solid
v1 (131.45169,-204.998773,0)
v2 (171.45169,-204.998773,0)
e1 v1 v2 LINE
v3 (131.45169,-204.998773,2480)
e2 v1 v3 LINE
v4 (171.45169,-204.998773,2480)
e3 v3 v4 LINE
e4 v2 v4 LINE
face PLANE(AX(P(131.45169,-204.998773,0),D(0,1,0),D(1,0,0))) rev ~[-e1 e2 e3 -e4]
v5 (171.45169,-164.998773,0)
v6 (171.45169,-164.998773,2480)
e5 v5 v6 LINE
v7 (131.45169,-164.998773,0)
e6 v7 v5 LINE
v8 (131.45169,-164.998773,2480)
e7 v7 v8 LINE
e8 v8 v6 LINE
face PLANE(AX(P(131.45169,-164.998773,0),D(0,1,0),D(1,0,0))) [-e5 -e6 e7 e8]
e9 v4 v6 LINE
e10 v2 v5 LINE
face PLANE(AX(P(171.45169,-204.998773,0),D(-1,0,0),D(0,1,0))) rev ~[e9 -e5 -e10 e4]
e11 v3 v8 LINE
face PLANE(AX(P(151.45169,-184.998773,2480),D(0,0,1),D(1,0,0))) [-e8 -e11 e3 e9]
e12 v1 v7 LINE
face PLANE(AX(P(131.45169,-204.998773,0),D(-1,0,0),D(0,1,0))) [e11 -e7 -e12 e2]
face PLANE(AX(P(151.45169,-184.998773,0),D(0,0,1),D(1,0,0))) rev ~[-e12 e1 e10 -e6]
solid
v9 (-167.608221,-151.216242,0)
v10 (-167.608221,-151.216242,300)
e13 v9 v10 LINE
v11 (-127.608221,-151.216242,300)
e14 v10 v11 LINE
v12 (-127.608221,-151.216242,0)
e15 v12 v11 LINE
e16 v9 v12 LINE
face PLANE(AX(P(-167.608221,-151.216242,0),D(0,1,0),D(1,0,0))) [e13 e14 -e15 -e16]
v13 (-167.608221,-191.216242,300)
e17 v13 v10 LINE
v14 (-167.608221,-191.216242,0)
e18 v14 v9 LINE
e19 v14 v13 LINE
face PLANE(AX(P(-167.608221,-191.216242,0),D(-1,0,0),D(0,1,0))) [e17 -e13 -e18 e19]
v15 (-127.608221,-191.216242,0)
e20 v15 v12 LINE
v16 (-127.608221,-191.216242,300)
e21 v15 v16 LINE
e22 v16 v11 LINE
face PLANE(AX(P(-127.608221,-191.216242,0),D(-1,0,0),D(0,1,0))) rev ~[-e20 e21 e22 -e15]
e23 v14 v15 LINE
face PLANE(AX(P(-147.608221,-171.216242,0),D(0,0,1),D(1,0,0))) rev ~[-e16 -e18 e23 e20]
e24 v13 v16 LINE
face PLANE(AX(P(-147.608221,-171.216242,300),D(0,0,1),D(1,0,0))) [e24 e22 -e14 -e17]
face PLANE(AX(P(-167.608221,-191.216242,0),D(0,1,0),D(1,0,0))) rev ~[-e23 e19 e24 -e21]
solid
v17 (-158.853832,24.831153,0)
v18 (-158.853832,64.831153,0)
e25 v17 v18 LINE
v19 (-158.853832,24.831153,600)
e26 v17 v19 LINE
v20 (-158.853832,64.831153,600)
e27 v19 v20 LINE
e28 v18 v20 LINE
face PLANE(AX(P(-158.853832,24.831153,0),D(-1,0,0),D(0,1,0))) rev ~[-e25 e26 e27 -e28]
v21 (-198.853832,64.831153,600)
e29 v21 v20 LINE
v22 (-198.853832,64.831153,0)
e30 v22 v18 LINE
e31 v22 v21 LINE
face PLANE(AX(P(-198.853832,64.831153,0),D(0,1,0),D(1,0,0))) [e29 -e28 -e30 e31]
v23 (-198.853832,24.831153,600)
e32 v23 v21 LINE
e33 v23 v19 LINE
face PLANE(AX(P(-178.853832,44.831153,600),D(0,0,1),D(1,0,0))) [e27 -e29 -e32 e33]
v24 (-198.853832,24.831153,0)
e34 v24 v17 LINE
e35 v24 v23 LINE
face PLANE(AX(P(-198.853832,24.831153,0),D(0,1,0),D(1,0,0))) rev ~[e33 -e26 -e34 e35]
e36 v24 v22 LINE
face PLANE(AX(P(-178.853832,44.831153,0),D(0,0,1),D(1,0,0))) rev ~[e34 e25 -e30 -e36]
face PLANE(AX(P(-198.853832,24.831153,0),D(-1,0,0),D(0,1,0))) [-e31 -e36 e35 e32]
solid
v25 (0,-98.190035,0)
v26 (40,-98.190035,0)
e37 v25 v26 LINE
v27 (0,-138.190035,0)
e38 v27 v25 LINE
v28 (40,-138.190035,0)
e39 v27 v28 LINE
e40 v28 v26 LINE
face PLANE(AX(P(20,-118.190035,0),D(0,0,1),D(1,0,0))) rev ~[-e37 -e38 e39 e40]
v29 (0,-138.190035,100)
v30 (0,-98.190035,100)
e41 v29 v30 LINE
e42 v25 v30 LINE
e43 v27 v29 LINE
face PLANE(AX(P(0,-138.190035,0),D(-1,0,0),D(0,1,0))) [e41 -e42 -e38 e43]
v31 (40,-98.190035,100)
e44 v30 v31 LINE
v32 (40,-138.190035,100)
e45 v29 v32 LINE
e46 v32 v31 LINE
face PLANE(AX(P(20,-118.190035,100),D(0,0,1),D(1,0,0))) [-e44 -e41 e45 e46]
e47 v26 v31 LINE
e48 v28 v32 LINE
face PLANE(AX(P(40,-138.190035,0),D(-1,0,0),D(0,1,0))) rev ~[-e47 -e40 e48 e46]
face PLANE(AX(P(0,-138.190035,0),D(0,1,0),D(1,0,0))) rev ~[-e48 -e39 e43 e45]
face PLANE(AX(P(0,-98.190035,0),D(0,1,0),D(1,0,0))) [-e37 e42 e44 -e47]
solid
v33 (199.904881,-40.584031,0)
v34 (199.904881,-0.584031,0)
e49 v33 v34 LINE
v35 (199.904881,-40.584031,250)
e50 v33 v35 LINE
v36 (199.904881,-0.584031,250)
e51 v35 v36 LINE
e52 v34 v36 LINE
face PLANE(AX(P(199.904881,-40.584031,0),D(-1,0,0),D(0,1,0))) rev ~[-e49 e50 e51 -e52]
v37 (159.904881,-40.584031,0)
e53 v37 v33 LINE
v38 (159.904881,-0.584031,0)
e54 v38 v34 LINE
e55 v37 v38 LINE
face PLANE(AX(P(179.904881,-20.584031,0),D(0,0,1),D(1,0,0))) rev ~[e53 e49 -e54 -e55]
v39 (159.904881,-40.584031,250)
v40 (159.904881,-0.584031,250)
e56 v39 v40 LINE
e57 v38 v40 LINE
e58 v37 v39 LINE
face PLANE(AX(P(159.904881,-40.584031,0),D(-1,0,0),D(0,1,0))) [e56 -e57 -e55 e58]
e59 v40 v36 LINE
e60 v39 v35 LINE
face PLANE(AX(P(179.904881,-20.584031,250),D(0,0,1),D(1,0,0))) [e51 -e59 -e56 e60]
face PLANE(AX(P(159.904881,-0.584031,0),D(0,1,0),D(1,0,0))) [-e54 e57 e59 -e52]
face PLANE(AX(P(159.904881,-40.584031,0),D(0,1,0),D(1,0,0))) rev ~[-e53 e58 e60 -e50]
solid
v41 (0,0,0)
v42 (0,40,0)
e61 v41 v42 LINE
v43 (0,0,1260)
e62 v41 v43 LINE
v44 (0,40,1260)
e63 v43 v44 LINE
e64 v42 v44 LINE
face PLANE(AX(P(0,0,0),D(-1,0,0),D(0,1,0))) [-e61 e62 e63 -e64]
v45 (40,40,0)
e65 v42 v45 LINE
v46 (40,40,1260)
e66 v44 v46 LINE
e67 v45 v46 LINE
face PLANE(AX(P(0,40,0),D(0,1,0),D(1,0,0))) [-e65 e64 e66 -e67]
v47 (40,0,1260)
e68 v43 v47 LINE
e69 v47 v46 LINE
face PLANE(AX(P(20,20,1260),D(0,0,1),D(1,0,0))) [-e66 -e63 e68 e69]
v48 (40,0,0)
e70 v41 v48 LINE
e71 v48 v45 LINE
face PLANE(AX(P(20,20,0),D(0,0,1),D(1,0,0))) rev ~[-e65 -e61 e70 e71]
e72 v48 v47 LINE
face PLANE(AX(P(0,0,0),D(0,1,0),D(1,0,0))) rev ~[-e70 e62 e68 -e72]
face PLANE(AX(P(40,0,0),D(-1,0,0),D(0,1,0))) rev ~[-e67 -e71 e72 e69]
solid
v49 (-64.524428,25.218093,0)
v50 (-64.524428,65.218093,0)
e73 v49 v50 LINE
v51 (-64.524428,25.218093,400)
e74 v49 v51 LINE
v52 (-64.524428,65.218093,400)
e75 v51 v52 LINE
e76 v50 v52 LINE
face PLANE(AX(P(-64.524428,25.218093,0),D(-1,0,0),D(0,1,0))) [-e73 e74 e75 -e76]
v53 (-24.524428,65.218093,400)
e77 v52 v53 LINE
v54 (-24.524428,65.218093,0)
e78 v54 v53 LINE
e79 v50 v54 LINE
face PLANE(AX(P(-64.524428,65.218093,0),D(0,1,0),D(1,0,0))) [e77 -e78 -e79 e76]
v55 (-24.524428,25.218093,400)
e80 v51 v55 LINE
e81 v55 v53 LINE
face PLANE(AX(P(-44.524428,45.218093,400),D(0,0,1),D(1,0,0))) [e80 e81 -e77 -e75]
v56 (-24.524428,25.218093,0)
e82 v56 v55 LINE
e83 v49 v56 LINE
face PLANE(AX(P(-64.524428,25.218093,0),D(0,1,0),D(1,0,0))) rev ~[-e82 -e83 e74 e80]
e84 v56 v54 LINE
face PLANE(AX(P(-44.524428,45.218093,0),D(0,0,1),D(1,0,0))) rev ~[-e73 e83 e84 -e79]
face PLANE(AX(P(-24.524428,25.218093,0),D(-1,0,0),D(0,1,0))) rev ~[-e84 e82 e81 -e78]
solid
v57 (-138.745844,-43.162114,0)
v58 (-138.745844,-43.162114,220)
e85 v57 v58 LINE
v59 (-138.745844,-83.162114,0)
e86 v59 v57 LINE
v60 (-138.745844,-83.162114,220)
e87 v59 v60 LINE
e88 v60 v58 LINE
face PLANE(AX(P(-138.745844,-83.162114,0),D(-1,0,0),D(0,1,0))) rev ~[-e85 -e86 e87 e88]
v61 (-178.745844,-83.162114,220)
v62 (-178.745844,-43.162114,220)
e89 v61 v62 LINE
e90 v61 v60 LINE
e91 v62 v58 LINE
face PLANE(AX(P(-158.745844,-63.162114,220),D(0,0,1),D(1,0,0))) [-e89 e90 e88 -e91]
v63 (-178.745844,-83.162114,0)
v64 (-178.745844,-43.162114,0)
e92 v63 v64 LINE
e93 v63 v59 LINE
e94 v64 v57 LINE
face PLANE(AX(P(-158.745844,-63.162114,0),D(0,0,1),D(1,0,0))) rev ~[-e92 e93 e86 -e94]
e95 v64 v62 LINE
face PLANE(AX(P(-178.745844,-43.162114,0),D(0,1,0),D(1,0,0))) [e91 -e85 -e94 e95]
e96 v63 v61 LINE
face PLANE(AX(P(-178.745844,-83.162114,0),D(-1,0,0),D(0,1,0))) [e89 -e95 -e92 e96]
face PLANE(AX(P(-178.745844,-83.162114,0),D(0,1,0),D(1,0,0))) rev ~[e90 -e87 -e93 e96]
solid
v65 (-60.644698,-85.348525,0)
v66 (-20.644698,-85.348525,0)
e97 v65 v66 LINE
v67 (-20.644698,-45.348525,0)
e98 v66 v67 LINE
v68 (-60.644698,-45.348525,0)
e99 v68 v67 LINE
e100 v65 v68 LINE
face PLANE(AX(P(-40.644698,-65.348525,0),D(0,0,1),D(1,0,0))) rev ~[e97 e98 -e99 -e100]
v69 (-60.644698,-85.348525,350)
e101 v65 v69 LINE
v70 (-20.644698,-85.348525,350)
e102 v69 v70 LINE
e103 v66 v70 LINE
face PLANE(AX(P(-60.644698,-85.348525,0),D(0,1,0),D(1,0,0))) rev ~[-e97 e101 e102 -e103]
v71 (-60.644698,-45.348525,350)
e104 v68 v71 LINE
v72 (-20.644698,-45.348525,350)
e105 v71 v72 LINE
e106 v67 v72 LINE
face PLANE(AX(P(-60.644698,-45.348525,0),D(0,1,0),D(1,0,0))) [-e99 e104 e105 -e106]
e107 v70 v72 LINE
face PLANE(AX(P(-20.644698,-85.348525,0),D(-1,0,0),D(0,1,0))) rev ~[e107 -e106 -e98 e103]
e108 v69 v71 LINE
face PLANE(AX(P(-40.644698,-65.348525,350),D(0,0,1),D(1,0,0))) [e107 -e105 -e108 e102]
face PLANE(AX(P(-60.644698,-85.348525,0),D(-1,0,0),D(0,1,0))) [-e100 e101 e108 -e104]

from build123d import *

# Parameters (mm, degrees)
F0_W      = 40
F0_H      = 40
F1_DEPTH  = 1260
F2_W      = 40
F2_H      = 40
F3_DEPTH  = 220
F4_W      = 40
F4_H      = 40
F5_DEPTH  = 250
F6_W      = 40
F6_H      = 40
F7_DEPTH  = 300
F8_W      = 40
F8_H      = 40
F9_DEPTH  = 2480
F10_W     = 40
F10_H     = 40
F11_DEPTH = 600
F12_W     = 40
F12_H     = 40
F13_DEPTH = 400
F14_W     = 40
F14_H     = 40
F15_DEPTH = 100
F16_W     = 40
F16_H     = 40
F17_DEPTH = 350


with BuildPart() as f1:
    # F0 (on Top) → F1 (new body)
    with BuildSketch(Plane.XY):
        with Locations((20, 20)):
            Rectangle(F0_W, F0_H)
    extrude(amount=F1_DEPTH)


with BuildPart() as f3:
    # F2 (on Top) → F3 (new body)
    with BuildSketch(Plane.XY):
        with Locations((-158.745844, -63.162114)):
            Rectangle(F2_W, F2_H)
    extrude(amount=F3_DEPTH)


with BuildPart() as f5:
    # F4 (on Top) → F5 (new body)
    with BuildSketch(Plane.XY):
        with Locations((179.904881, -20.584031)):
            Rectangle(F4_W, F4_H)
    extrude(amount=F5_DEPTH)


with BuildPart() as f7:
    # F6 (on Top) → F7 (new body)
    with BuildSketch(Plane.XY):
        with Locations((-147.608221, -171.216242)):
            Rectangle(F6_W, F6_H)
    extrude(amount=F7_DEPTH)


with BuildPart() as f9:
    # F8 (on Top) → F9 (new body)
    with BuildSketch(Plane.XY):
        with Locations((151.45169, -184.998773)):
            Rectangle(F8_W, F8_H)
    extrude(amount=F9_DEPTH)


with BuildPart() as f11:
    # F10 (on Top) → F11 (new body)
    with BuildSketch(Plane.XY):
        with Locations((-178.853832, 44.831153)):
            Rectangle(F10_W, F10_H)
    extrude(amount=F11_DEPTH)


with BuildPart() as f13:
    # F12 (on Top) → F13 (new body)
    with BuildSketch(Plane.XY):
        with Locations((-44.524428, 45.218093)):
            Rectangle(F12_W, F12_H)
    extrude(amount=F13_DEPTH)


with BuildPart() as f15:
    # F14 (on Top) → F15 (new body)
    with BuildSketch(Plane.XY):
        with Locations((20, -118.190035)):
            Rectangle(F14_W, F14_H)
    extrude(amount=F15_DEPTH)


with BuildPart() as f17:
    # F16 (on Top) → F17 (new body)
    with BuildSketch(Plane.XY):
        with Locations((-40.644698, -65.348525)):
            Rectangle(F16_W, F16_H)
    extrude(amount=F17_DEPTH)


solid = Compound([f1.part, f3.part, f5.part, f7.part, f9.part, f11.part, f13.part, f15.part, f17.part])
